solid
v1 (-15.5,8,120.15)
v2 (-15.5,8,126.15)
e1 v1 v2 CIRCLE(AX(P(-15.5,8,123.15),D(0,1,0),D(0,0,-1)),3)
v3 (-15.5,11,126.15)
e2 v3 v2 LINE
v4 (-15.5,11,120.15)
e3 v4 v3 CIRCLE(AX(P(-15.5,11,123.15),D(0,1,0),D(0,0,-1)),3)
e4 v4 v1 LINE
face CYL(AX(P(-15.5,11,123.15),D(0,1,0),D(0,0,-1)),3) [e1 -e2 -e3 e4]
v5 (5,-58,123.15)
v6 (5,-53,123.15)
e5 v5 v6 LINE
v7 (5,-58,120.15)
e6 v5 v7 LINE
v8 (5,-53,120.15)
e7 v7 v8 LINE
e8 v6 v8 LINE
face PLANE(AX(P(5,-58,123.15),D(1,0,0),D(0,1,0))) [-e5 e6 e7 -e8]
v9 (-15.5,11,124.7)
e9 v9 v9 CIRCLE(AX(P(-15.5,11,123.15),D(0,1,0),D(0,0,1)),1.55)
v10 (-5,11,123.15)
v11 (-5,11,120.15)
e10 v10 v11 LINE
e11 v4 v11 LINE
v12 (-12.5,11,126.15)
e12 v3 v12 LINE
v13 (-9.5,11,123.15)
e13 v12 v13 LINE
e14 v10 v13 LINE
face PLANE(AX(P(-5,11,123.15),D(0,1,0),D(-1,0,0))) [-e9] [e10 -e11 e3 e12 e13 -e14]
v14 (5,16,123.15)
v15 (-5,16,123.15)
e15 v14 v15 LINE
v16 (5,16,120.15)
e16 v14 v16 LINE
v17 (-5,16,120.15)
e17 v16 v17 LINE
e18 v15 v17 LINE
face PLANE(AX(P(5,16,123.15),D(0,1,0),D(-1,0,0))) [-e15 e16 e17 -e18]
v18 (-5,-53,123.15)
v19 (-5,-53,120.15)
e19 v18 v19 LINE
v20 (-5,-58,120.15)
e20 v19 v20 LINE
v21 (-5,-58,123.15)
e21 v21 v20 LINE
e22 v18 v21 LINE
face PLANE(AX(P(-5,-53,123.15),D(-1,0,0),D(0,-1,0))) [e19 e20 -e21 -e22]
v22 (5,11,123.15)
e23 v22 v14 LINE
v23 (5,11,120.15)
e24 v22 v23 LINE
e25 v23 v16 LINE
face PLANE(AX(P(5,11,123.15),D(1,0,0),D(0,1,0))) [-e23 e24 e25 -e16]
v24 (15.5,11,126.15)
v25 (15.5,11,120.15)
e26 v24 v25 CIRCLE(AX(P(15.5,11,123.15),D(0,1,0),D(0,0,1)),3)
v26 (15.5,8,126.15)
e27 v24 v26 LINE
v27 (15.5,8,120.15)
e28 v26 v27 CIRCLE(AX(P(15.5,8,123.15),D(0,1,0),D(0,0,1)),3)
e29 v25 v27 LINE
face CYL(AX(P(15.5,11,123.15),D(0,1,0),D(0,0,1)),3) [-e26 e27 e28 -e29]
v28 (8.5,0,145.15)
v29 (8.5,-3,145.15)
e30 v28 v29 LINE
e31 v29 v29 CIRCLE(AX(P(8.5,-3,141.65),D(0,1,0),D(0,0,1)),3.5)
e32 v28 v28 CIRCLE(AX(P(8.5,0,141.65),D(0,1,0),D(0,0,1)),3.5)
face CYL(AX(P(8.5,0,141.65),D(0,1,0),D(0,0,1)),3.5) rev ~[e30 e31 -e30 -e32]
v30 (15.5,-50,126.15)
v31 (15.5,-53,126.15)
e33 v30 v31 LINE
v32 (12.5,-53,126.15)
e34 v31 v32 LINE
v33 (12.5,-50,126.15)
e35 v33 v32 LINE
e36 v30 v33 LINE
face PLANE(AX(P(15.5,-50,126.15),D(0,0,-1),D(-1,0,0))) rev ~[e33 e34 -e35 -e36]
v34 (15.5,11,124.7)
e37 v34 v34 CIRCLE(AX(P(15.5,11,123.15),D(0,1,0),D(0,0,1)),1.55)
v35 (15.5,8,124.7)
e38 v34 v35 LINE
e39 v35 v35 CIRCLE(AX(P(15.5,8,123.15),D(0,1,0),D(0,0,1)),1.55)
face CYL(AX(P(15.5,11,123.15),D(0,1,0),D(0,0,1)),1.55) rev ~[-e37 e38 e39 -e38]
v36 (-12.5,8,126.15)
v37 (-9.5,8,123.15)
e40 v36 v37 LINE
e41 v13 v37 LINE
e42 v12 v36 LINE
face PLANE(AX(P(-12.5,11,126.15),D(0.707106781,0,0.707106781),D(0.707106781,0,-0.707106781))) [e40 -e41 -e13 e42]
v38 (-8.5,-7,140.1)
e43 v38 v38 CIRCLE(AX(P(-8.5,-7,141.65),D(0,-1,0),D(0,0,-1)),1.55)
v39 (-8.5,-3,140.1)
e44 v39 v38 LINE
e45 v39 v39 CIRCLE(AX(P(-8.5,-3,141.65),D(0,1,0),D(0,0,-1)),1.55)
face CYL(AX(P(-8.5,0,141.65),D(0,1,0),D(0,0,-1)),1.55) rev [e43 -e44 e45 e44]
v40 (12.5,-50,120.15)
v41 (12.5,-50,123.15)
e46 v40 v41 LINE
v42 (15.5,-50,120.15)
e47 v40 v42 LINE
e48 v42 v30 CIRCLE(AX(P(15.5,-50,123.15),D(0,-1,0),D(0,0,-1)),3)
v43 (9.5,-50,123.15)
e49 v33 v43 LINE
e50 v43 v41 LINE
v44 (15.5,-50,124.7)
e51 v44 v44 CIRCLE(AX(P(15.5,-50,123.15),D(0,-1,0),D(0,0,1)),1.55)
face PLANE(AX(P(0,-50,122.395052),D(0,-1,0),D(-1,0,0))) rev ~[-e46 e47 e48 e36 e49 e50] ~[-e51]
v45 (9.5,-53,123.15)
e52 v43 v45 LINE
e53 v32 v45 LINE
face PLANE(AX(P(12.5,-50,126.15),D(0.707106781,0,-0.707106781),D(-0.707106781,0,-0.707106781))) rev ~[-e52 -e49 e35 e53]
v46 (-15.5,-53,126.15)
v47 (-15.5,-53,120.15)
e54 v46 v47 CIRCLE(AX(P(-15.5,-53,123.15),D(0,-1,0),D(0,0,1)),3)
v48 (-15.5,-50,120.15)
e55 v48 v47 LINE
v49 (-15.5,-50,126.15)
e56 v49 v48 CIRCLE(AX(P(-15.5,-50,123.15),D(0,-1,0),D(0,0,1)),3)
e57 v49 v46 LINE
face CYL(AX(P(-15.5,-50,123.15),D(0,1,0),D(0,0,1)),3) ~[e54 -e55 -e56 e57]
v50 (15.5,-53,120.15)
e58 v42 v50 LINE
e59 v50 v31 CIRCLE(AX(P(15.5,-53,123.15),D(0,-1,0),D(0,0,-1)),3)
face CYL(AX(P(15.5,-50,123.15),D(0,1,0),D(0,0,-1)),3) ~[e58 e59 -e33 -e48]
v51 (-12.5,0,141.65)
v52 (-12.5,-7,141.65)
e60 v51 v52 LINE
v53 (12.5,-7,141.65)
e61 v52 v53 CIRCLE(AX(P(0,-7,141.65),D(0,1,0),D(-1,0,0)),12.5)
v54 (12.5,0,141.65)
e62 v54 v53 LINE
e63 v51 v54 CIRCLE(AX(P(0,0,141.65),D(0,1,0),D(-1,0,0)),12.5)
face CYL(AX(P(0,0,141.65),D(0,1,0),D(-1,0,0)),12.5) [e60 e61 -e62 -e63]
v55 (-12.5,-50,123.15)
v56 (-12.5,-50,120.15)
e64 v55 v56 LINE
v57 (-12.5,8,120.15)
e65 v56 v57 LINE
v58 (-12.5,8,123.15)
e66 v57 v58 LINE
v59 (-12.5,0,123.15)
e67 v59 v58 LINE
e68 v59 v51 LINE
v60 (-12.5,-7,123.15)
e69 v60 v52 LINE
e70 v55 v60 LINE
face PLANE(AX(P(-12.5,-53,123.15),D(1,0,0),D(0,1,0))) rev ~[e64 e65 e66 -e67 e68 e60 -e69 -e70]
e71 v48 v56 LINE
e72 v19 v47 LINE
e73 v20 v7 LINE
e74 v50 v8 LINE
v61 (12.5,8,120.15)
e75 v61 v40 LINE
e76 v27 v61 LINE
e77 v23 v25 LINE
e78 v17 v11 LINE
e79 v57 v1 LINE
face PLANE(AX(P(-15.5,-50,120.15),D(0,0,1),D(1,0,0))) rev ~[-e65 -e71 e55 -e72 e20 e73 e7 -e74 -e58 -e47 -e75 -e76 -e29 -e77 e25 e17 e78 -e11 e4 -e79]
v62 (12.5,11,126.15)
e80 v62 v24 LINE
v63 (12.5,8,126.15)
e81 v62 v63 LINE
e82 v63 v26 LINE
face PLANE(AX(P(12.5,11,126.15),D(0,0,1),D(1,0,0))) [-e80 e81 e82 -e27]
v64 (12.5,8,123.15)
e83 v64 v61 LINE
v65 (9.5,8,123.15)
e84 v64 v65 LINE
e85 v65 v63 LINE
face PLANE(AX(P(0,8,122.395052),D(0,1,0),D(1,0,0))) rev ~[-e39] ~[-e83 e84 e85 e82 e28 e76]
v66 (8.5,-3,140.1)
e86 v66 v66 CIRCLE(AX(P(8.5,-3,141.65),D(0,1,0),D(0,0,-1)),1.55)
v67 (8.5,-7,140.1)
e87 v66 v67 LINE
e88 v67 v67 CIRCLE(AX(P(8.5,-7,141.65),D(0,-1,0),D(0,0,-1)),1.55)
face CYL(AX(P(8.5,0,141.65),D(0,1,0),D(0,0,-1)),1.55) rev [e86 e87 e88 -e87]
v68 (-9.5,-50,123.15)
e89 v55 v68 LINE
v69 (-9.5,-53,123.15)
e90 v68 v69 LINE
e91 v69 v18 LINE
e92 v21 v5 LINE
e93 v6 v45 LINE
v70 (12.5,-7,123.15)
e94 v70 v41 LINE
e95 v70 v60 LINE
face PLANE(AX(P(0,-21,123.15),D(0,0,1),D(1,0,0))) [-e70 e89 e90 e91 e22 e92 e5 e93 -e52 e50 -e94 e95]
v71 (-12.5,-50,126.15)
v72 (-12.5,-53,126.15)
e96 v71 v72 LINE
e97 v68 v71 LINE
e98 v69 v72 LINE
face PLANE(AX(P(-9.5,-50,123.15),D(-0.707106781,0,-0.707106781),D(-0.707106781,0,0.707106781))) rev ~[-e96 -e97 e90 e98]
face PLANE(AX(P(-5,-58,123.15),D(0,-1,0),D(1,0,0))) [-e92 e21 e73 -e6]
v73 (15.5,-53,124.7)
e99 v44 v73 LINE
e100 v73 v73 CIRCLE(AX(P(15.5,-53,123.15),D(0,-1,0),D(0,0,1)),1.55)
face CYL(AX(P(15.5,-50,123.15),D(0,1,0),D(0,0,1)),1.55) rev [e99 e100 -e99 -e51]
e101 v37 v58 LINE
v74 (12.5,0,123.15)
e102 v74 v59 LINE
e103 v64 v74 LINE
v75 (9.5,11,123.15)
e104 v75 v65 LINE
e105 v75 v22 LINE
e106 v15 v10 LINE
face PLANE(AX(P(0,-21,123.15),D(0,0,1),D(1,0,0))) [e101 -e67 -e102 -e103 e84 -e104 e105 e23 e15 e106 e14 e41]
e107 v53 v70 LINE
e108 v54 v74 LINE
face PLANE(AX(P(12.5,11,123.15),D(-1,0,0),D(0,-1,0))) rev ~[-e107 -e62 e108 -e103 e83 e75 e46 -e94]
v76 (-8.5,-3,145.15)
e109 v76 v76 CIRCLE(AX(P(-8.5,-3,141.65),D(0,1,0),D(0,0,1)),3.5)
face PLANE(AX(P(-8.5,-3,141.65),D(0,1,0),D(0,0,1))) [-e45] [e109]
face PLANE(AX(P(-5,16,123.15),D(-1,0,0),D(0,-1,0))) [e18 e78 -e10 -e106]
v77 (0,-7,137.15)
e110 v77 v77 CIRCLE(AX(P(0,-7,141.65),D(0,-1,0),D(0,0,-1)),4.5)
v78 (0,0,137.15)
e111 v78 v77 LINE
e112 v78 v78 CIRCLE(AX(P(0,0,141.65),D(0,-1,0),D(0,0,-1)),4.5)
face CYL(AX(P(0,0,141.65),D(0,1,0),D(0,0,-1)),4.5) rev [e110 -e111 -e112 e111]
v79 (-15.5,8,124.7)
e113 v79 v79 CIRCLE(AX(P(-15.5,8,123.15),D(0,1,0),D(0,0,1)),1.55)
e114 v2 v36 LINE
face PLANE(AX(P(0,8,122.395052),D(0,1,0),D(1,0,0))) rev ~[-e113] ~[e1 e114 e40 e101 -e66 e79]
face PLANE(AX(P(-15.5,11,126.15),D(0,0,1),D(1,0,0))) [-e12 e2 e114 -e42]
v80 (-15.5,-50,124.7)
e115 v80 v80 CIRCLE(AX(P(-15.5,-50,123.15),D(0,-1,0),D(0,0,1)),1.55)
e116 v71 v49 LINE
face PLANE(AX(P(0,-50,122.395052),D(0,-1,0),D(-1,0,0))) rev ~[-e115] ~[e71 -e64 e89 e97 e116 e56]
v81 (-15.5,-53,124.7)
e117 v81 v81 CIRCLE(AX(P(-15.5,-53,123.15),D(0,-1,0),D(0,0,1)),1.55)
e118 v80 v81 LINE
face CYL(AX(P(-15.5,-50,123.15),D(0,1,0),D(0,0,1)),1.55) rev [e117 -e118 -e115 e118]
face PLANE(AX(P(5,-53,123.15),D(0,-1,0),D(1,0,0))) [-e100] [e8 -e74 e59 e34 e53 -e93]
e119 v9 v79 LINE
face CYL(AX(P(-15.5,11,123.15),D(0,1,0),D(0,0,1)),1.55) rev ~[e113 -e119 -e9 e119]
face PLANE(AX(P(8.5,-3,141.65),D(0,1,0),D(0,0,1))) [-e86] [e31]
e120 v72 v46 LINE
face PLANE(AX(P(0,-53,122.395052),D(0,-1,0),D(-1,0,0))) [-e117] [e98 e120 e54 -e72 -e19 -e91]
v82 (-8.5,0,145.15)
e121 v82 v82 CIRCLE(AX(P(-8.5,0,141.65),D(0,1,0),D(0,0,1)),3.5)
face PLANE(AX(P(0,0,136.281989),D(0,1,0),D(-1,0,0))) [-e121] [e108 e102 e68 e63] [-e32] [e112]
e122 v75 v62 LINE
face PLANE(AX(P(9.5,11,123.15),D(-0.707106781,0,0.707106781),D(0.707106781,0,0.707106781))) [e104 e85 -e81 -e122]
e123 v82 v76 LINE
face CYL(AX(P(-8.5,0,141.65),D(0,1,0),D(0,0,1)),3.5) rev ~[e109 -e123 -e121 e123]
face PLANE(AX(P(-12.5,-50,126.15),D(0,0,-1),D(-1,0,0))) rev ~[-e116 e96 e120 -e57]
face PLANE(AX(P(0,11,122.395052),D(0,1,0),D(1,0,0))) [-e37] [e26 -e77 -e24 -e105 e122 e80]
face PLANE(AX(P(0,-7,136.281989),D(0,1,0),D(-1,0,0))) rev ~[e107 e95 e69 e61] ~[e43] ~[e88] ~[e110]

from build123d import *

# Parameters (mm, degrees)
SKETCH11_R          = 1.55
SKETCH11_R_2        = 4.5
BOSS_EXTRUDE1_DEPTH = 7
BOSS_EXTRUDE2_DEPTH = 3
SKETCH13_R          = 3.5
CUT_EXTRUDE1_DEPTH  = 3
SKETCH14_R          = 1.55
BOSS_EXTRUDE3_DEPTH = 3
BOSS_EXTRUDE4_START = -3
SKETCH15_R          = 1.55
BOSS_EXTRUDE4_DEPTH = 3


with BuildPart() as part:
    # Sketch11 → Boss-Extrude1 (new body)
    with BuildSketch(Plane(origin=(0, 0, 51.65), x_dir=(1, 0, 0), z_dir=(0, -1, 0))):
        with BuildLine():
            Line((12.5, 90), (12.5, 71.5))
            Line((12.5, 71.5), (-12.5, 71.5))
            Line((-12.5, 71.5), (-12.5, 90))
            ThreePointArc((-12.5, 90), (0, 102.5), (12.5, 90))
        make_face()
        with Locations(Location((-8.5, 90, 0), (0, 0, 270))):
            Circle(SKETCH11_R, mode=Mode.SUBTRACT)
        with Locations(Location((8.5, 90, 0), (0, 0, 270))):
            Circle(SKETCH11_R, mode=Mode.SUBTRACT)
        with Locations(Location((0, 90, 0), (0, 0, 270))):
            Circle(SKETCH11_R_2, mode=Mode.SUBTRACT)
    extrude(amount=BOSS_EXTRUDE1_DEPTH)

    # Sketch12 → Boss-Extrude2 (add)
    with BuildSketch(Plane(origin=(0, 0, 123.15), x_dir=(-1, 0, 0), z_dir=(0, 0, -1))):
        Polygon((-12.5, 0), (-12.5, 11), (-5, 11), (-5, 16), (5, 16), (5, 11), (12.5, 11), (12.5, 0), (12.5, -7), (12.5, -53), (5, -53), (5, -58), (-5, -58), (-5, -53), (-12.5, -53), (-12.5, -7), align=None)
    extrude(amount=BOSS_EXTRUDE2_DEPTH)

    # Sketch13 → Cut-Extrude1 (cut)
    with BuildSketch(Plane(origin=(0, 0, 0), x_dir=(1, 0, 0), z_dir=(0, 1, 0))):
        with Locations(Location((-8.5, -141.65, 0), (0, 0, 270))):
            Circle(SKETCH13_R)
        with Locations(Location((8.5, -141.65, 0), (0, 0, 270))):
            Circle(SKETCH13_R)
    extrude(amount=-CUT_EXTRUDE1_DEPTH, mode=Mode.SUBTRACT)

    # Sketch14 → Boss-Extrude3 (add)
    with BuildSketch(Plane(origin=(0, 11, 0), x_dir=(1, 0, 0), z_dir=(0, 1, 0))):
        with BuildLine():
            Line((15.5, -120.15), (-15.5, -120.15))
            ThreePointArc((-15.5, -120.15), (-18.5, -123.15), (-15.5, -126.15))
            Line((-15.5, -126.15), (-12.5, -126.15))
            Line((-12.5, -126.15), (-9.5, -123.15))
            Line((-9.5, -123.15), (9.5, -123.15))
            Line((9.5, -123.15), (12.5, -126.15))
            Line((12.5, -126.15), (15.5, -126.15))
            ThreePointArc((15.5, -126.15), (18.5, -123.15), (15.5, -120.15))
        make_face()
        with Locations(Location((-15.5, -123.15, 0), (0, 0, 270))):
            Circle(SKETCH14_R, mode=Mode.SUBTRACT)
        with Locations(Location((15.5, -123.15, 0), (0, 0, 270))):
            Circle(SKETCH14_R, mode=Mode.SUBTRACT)
    extrude(amount=-BOSS_EXTRUDE3_DEPTH)

    # Sketch15 → Boss-Extrude4 (add)
    with BuildSketch(Plane(origin=(0, -53, 0), x_dir=(-1, 0, 0), z_dir=(0, -1, 0)).offset(BOSS_EXTRUDE4_START)):
        with BuildLine():
            Line((15.5, -120.15), (-15.5, -120.15))
            ThreePointArc((-15.5, -120.15), (-18.5, -123.15), (-15.5, -126.15))
            Line((-15.5, -126.15), (-12.5, -126.15))
            Line((-12.5, -126.15), (-9.5, -123.15))
            Line((-9.5, -123.15), (9.5, -123.15))
            Line((9.5, -123.15), (12.5, -126.15))
            Line((12.5, -126.15), (15.5, -126.15))
            ThreePointArc((15.5, -126.15), (18.5, -123.15), (15.5, -120.15))
        make_face()
        with Locations(Location((15.5, -123.15, 0), (0, 0, 270))):
            Circle(SKETCH15_R, mode=Mode.SUBTRACT)
        with Locations(Location((-15.5, -123.15, 0), (0, 0, 270))):
            Circle(SKETCH15_R, mode=Mode.SUBTRACT)
    extrude(amount=BOSS_EXTRUDE4_DEPTH)


solid = part.part
